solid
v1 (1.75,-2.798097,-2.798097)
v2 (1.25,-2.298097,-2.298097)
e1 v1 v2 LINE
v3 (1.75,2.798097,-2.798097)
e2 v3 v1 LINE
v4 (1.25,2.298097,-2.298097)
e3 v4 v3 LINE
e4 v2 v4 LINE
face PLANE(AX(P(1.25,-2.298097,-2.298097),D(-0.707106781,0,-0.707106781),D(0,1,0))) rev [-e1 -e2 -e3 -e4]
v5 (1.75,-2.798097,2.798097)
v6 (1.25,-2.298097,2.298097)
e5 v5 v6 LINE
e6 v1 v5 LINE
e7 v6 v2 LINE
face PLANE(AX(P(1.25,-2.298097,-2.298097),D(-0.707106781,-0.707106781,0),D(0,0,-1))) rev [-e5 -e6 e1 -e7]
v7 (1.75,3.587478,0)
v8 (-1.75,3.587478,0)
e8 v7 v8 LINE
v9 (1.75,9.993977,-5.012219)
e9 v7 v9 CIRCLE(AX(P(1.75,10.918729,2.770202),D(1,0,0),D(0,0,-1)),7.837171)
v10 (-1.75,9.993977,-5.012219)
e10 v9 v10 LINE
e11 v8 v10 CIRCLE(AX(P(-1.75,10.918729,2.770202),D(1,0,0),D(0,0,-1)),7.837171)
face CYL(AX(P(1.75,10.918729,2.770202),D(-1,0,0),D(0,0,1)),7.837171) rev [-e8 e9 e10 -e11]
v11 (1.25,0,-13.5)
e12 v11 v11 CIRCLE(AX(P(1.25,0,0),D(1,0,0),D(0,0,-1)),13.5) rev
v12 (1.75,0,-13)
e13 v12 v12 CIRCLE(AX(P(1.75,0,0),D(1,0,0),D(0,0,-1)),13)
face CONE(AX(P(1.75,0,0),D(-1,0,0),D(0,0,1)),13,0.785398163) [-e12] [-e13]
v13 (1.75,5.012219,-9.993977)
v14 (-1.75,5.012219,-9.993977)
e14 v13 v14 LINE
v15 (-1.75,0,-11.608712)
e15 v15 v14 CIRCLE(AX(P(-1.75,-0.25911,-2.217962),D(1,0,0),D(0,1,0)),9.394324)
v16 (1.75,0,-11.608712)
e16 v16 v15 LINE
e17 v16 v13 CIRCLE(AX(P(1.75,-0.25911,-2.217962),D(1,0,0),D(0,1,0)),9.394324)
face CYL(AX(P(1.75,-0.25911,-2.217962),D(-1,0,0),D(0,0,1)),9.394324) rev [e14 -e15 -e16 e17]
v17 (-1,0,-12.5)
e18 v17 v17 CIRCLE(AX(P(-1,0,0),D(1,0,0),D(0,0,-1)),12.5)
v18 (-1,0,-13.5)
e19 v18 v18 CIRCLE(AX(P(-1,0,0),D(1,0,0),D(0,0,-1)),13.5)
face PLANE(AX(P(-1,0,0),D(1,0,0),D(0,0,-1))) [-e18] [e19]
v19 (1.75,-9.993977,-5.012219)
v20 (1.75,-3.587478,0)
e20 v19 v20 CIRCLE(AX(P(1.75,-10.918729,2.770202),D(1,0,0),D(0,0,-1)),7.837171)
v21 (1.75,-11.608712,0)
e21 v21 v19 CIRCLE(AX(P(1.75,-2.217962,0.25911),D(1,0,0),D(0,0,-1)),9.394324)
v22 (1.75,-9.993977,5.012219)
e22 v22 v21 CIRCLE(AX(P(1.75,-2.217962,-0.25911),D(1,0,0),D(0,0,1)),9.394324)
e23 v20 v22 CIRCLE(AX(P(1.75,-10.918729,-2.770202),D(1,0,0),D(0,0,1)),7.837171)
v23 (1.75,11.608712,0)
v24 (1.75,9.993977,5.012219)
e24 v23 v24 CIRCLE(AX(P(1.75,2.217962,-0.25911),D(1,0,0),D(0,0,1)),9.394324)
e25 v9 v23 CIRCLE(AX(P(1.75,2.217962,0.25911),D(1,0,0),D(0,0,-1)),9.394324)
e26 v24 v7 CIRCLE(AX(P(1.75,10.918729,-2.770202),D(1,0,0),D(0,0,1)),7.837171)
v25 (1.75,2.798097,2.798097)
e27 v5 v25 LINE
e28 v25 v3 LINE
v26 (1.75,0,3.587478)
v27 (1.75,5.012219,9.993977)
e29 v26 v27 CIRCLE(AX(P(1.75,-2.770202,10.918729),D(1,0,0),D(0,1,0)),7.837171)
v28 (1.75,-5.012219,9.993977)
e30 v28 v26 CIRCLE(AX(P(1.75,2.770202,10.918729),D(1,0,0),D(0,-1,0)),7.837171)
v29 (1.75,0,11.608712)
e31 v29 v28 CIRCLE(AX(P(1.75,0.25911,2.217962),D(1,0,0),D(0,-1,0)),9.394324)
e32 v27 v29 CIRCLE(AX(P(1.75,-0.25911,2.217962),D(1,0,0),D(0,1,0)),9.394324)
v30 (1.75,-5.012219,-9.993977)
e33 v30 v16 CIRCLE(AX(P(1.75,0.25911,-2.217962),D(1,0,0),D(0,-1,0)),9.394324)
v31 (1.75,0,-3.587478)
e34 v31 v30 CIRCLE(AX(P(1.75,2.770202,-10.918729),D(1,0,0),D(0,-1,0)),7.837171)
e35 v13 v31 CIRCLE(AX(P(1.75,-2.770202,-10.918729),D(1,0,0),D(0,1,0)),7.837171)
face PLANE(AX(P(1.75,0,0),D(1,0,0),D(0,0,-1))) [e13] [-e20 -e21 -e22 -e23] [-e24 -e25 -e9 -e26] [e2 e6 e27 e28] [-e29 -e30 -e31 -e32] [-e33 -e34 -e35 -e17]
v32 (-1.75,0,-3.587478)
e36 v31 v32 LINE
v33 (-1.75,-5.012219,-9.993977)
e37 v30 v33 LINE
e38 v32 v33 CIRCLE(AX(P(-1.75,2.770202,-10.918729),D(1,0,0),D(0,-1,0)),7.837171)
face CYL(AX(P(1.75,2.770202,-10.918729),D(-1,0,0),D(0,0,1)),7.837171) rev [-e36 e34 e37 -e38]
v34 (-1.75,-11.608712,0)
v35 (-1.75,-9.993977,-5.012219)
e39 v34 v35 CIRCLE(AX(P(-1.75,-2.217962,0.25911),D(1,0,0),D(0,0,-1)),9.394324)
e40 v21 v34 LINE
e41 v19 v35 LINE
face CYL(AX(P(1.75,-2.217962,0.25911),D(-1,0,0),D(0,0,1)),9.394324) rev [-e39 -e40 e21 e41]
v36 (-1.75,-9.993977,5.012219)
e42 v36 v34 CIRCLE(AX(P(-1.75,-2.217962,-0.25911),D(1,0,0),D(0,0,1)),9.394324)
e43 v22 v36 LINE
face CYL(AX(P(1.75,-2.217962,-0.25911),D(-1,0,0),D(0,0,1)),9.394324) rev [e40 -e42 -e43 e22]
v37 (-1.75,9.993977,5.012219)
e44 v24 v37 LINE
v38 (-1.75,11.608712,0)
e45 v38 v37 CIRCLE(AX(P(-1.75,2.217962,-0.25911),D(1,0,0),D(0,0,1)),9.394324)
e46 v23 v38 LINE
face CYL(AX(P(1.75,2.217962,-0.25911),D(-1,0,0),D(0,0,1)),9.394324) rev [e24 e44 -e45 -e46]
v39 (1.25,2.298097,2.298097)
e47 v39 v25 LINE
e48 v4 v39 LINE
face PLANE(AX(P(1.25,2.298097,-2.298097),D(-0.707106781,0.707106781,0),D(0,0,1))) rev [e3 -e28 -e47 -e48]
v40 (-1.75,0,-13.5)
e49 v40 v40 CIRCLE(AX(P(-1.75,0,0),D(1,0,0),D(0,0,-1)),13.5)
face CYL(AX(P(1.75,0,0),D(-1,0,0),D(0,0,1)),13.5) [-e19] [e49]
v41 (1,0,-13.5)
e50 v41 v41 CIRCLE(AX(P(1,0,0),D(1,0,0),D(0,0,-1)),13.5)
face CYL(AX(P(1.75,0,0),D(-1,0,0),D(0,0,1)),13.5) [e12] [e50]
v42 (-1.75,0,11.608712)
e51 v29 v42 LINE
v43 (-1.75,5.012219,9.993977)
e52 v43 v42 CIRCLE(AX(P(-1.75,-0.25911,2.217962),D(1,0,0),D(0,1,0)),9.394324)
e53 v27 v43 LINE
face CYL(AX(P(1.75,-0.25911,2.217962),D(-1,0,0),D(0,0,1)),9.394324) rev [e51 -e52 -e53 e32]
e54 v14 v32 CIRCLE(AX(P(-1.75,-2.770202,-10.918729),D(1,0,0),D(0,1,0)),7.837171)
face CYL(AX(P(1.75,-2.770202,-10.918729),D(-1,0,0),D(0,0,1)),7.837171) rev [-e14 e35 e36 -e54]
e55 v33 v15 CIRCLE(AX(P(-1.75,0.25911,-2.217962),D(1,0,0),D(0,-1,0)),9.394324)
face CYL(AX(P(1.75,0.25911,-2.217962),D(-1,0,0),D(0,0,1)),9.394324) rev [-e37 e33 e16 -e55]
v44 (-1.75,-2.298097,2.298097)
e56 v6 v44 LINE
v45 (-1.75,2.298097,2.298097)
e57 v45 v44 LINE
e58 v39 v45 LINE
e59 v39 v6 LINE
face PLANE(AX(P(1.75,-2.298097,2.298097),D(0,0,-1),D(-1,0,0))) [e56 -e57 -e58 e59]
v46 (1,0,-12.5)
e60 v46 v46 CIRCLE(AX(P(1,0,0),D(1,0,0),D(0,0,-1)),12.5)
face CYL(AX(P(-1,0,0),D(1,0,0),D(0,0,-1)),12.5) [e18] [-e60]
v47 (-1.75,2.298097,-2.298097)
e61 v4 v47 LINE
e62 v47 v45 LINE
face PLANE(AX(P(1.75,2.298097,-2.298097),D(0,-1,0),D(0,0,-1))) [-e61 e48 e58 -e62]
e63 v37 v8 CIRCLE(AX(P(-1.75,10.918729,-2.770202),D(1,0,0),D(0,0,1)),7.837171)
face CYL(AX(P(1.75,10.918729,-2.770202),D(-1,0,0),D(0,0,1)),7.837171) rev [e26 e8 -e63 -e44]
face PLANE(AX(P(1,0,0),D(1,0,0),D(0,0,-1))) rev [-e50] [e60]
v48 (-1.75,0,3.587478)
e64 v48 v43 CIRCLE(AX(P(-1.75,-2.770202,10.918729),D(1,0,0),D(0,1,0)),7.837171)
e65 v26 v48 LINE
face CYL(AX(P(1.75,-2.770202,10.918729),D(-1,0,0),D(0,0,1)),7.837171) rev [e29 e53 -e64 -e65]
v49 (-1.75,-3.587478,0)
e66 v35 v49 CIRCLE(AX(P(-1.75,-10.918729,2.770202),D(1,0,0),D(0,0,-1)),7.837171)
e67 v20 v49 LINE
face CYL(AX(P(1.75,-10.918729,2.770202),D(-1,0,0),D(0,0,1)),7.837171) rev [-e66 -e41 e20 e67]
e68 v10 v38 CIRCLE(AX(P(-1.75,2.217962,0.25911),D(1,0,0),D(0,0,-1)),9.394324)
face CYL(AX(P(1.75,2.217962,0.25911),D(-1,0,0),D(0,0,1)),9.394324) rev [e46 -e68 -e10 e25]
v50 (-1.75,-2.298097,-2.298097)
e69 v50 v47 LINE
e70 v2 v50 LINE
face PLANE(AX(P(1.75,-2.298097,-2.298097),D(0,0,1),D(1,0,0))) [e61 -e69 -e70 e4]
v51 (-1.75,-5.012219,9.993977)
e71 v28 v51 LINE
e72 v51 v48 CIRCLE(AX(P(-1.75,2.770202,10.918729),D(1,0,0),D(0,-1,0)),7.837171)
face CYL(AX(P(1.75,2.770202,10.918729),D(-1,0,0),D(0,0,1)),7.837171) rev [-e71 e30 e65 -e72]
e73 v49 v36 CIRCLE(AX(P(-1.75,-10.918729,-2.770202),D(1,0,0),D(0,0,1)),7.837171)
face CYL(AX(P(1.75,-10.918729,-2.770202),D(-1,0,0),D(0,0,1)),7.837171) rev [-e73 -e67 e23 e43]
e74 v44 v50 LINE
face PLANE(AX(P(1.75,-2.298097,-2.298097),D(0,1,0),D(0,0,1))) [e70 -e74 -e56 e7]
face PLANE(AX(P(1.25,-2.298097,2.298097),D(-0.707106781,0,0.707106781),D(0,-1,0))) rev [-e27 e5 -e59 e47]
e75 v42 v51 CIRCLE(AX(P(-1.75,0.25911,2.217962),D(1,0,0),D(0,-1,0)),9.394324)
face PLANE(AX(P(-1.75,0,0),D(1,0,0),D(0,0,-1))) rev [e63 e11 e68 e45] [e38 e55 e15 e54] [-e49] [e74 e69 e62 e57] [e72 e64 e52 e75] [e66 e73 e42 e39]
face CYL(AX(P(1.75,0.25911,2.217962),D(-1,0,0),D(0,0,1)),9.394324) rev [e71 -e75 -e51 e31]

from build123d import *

# Parameters (mm, degrees)
SKETCH1_R               = 13.5
BOSS_EXTRUDE1_DEPTH     = 1.75
CUT_EXTRUDE1_DEPTH      = 20.17191957
CIRPATTERN1_COUNT       = 4
CUT_EXTRUDE2_DEPTH      = 20.17191957
CUT_EXTRUDE2_DEPTH_BACK = 20.17191957
SKETCH3_W               = 4.596194078
SKETCH3_H               = 4.596194078
CHAMFER1_SIZE           = 0.5
SKETCH4_R               = 13.5
SKETCH4_R_2             = 12.5
CUT_EXTRUDE3_DEPTH      = 1


with BuildPart() as part:
    # Sketch1 → Boss-Extrude1 (new, symmetric)
    with BuildSketch(Plane(origin=(0, 0, 0), x_dir=(0, 0, -1), z_dir=(1, 0, 0))):
        Circle(SKETCH1_R)
    extrude(amount=BOSS_EXTRUDE1_DEPTH, both=True)

    # Sketch2 → Cut-Extrude1 (cut, symmetric)
    with BuildSketch(Plane(origin=(0, 0, 0), x_dir=(0, 0, -1), z_dir=(1, 0, 0))):
        with BuildLine():
            ThreePointArc((0, 3.587478321), (-3.402339743, 6.089548883), (-5.012219469, 9.99397715))
            ThreePointArc((-5.012219469, 9.99397715), (-2.621563936, 11.159720287), (0, 11.6087119))
            ThreePointArc((0, 11.6087119), (2.621563936, 11.159720287), (5.012219469, 9.99397715))
            ThreePointArc((5.012219469, 9.99397715), (3.402339743, 6.089548883), (0, 3.587478321))
        make_face()
    cut_extrude1 = extrude(amount=CUT_EXTRUDE1_DEPTH, both=True, mode=Mode.SUBTRACT)

    # CirPattern1: Cut-Extrude1 ×4 about axis
    cirpattern1_axis = Axis((0, 0, 0), (1, 0, 0))
    for i in range(1, CIRPATTERN1_COUNT):
        add(cut_extrude1.rotate(cirpattern1_axis, i * 360 / CIRPATTERN1_COUNT), mode=Mode.SUBTRACT)

    # Sketch3 → Cut-Extrude2 (cut, two sides: drawn at the far end of the back side and taken through both)
    with BuildSketch(Plane(origin=(0, 0, 0), x_dir=(0, 0, -1), z_dir=(1, 0, 0)).offset(-CUT_EXTRUDE2_DEPTH_BACK)):
        Rectangle(SKETCH3_W, SKETCH3_H)
    extrude(amount=CUT_EXTRUDE2_DEPTH + CUT_EXTRUDE2_DEPTH_BACK, mode=Mode.SUBTRACT)

    # Chamfer1
    chamfer1_edges = [part.edges().sort_by_distance(p)[0] for p in [
        (1.75, 0, 13.5),
        (1.75, 0, 2.298097039),
        (1.75, -2.298097039, 0),
        (1.75, 0, -2.298097039),
        (1.75, 2.298097039, 0),
    ]]
    chamfer(chamfer1_edges, length=CHAMFER1_SIZE)

    # Sketch4 → Cut-Extrude3 (cut, symmetric)
    with BuildSketch(Plane(origin=(0, 0, 0), x_dir=(0, 0, -1), z_dir=(1, 0, 0))):
        Circle(SKETCH4_R)
        Circle(SKETCH4_R_2, mode=Mode.SUBTRACT)
    extrude(amount=CUT_EXTRUDE3_DEPTH, both=True, mode=Mode.SUBTRACT)


solid = part.part
